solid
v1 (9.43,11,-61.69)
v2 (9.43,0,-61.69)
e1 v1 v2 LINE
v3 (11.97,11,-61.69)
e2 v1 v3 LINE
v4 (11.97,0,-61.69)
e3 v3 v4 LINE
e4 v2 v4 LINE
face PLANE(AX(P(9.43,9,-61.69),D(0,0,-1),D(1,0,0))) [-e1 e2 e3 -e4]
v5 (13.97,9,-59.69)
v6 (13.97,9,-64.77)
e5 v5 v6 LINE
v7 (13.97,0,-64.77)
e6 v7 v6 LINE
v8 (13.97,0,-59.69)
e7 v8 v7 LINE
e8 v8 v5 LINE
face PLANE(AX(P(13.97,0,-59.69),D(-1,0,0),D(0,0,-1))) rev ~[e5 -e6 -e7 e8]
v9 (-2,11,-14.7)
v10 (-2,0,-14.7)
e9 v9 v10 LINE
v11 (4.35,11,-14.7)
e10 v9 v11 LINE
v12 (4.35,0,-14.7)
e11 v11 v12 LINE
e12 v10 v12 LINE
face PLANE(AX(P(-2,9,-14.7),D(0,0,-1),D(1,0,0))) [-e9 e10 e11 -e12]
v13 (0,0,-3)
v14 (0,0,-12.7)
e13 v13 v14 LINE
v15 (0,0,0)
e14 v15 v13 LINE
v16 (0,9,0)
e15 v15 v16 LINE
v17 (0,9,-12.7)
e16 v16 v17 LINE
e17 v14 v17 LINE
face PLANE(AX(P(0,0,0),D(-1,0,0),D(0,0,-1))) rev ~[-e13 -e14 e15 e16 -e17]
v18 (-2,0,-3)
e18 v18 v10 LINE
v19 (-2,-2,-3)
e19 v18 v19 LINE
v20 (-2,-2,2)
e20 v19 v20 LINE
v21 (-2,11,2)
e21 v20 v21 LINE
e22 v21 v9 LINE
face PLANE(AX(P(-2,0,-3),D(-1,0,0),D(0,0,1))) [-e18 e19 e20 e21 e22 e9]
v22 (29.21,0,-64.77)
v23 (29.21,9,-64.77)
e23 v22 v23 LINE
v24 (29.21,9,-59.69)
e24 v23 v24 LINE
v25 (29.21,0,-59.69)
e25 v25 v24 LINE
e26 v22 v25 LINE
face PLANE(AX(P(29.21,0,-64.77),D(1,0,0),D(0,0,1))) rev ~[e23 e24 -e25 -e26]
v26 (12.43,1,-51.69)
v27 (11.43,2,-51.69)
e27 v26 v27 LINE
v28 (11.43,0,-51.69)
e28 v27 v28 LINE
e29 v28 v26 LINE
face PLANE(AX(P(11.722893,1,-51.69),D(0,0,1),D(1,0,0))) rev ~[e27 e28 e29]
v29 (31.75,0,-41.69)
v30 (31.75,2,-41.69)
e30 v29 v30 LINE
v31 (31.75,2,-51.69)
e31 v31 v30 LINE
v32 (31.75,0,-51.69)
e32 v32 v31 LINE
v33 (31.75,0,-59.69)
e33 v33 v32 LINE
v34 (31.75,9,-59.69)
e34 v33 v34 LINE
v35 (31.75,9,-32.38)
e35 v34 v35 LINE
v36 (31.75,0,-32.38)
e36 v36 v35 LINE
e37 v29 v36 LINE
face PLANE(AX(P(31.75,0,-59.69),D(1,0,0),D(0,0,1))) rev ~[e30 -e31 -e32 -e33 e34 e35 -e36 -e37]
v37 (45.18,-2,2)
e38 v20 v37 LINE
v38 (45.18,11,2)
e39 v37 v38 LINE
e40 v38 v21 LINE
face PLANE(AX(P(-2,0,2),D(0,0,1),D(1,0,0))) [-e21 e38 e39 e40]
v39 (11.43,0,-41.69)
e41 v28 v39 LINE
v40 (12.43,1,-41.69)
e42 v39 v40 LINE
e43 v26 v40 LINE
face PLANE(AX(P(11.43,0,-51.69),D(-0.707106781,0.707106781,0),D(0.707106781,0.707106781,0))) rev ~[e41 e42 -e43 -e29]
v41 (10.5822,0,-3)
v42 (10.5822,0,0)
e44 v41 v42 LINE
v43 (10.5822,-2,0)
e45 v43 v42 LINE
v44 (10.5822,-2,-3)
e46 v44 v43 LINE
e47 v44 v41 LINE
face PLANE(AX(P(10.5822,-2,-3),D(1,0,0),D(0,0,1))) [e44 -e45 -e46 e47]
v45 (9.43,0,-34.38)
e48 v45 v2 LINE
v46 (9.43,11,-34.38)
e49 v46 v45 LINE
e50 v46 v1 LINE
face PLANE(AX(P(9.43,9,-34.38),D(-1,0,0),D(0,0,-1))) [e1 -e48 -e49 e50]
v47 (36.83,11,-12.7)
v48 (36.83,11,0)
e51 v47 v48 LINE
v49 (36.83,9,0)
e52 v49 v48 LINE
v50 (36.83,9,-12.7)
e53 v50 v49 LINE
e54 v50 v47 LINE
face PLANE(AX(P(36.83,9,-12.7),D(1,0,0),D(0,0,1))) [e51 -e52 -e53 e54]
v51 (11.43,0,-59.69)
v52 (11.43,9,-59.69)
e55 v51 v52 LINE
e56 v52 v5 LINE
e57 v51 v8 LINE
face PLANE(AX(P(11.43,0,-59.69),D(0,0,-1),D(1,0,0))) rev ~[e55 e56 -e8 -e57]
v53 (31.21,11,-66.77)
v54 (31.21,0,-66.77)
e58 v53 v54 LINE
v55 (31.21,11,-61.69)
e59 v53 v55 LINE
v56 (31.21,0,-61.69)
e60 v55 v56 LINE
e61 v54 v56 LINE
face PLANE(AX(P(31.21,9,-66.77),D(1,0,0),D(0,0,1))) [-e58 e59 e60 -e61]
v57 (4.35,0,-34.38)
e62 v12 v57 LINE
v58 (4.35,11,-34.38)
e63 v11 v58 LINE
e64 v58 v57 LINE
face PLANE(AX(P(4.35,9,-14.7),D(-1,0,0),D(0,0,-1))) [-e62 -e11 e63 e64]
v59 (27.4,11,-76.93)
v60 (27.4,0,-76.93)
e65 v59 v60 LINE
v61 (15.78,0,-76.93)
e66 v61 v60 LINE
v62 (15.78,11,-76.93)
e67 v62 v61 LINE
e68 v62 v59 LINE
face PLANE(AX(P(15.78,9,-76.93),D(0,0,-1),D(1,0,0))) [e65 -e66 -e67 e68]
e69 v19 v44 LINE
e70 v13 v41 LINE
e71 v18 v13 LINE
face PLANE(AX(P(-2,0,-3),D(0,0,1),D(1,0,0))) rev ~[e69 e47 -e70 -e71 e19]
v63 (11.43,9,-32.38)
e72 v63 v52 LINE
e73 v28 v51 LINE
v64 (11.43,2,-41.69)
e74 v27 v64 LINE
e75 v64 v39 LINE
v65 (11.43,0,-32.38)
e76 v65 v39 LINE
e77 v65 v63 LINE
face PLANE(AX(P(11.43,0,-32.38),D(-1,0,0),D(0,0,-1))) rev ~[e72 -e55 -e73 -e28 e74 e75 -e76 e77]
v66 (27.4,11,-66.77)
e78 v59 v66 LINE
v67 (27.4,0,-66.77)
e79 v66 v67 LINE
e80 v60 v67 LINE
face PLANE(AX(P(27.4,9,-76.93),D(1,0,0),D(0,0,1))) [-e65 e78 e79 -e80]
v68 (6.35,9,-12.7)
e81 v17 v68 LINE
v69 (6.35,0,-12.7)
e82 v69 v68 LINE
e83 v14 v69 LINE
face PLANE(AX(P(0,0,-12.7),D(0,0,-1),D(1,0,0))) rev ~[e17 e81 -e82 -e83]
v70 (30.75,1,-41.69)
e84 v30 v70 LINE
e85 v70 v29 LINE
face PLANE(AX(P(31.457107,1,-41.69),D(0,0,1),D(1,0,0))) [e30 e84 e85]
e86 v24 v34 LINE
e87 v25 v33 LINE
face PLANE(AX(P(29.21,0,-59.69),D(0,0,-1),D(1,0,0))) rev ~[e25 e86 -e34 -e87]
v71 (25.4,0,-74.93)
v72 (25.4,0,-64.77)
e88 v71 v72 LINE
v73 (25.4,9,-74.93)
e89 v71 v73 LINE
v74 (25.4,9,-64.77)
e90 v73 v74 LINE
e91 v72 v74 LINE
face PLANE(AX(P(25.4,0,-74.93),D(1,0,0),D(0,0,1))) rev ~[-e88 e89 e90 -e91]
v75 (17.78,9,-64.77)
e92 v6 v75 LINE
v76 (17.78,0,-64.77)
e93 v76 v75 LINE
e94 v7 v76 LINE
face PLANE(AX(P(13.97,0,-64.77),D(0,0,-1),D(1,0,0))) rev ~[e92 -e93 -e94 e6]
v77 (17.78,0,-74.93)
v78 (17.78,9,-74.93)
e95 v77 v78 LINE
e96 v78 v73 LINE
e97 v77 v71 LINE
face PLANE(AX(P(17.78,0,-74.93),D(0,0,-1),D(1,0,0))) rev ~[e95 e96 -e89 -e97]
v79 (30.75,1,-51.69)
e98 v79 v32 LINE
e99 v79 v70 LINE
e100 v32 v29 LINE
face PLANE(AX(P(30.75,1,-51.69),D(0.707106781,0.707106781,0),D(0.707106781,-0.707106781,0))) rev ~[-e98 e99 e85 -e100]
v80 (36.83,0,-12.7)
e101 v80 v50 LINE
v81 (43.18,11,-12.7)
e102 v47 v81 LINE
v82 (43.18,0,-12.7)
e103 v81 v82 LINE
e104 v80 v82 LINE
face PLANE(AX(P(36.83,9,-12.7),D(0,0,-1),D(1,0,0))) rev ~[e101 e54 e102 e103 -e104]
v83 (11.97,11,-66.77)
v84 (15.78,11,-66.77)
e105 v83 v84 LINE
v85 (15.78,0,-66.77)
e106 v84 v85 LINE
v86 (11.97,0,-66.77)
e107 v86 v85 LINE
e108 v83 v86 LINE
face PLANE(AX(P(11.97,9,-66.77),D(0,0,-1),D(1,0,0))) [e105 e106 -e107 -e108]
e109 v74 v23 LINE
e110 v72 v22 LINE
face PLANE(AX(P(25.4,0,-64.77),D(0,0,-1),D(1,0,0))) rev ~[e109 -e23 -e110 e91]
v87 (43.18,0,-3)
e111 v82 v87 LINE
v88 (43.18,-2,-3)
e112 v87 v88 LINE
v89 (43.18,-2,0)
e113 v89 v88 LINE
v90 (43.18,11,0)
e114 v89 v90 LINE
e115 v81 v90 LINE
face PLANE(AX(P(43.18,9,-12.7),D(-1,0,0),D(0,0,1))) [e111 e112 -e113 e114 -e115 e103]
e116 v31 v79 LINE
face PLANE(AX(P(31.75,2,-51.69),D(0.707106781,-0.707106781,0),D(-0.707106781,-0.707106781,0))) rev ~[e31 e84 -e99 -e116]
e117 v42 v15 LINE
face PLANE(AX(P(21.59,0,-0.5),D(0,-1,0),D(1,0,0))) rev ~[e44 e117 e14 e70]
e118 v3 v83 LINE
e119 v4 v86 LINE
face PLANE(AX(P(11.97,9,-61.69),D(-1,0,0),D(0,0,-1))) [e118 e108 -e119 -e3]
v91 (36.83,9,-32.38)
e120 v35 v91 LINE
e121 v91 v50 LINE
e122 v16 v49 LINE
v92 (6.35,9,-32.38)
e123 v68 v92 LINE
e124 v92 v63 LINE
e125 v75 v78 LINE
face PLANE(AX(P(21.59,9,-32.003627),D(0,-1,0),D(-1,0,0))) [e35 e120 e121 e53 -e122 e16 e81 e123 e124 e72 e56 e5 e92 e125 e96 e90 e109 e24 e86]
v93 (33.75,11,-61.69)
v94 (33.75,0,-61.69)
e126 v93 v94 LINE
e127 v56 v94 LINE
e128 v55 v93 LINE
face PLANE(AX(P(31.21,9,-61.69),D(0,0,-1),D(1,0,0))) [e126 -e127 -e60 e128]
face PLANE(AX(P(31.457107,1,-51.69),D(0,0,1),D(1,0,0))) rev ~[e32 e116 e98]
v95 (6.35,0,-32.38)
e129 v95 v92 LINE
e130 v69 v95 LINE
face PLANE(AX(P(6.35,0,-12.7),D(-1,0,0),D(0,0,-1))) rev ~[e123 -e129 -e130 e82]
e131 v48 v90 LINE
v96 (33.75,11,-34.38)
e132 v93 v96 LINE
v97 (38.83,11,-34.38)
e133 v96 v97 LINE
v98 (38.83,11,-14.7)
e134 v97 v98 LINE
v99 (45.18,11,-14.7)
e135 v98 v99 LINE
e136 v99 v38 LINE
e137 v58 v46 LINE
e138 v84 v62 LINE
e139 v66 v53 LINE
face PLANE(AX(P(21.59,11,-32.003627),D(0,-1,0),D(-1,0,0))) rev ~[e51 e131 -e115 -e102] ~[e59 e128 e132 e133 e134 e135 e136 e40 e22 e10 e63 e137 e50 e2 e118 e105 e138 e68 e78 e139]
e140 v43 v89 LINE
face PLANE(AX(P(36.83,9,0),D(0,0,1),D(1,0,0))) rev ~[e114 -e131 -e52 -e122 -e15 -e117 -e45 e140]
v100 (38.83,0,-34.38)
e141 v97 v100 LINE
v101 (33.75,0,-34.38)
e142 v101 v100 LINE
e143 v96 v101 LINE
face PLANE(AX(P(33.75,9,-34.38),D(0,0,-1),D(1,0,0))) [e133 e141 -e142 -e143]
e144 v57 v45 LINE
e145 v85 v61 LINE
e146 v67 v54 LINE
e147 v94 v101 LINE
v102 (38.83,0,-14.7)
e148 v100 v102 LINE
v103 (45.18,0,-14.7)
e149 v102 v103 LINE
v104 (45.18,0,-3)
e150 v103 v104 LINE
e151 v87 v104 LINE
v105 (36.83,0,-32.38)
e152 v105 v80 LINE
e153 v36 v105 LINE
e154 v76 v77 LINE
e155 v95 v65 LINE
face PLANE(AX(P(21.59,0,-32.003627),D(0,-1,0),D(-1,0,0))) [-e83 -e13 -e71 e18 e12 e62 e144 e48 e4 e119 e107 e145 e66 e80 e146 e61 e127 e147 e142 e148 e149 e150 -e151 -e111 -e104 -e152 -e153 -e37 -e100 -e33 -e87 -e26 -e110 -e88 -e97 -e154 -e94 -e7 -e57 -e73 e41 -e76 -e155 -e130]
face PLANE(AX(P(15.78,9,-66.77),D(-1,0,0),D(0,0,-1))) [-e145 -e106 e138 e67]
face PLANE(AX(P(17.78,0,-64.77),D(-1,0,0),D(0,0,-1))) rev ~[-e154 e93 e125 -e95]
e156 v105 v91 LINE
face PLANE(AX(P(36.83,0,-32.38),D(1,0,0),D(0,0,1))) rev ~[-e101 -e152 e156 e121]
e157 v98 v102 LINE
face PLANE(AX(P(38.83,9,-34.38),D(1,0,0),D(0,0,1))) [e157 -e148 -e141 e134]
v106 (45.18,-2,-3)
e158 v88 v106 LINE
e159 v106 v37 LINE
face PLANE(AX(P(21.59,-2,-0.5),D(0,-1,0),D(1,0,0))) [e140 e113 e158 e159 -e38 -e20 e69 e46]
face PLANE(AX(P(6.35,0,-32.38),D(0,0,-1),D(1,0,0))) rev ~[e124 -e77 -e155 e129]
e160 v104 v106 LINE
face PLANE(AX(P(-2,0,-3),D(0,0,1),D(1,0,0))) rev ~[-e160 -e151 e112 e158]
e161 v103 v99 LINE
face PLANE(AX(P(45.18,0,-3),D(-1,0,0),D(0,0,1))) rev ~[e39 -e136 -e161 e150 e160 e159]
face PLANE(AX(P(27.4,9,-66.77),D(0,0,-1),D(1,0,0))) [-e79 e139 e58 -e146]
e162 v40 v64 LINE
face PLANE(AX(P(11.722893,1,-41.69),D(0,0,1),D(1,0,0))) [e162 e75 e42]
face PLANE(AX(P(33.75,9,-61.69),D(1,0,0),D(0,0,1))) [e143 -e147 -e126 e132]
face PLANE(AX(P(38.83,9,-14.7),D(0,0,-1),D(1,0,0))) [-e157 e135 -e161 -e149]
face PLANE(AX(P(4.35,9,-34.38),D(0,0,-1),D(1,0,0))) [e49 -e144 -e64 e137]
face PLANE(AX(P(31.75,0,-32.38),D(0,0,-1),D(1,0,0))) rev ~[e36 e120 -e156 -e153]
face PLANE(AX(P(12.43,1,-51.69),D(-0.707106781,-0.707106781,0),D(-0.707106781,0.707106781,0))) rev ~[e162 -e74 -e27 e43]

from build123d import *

# Parameters (mm, degrees)
BOSS_EXTRUDE2_DEPTH     = 9
BOSS_EXTRUDE3_DEPTH     = 2
SKETCH3_W               = 47.18
SKETCH3_H               = 5
BOSS_EXTRUDE4_DEPTH     = 2
SKETCH5_W               = 6.35
SKETCH5_H               = 12.7
CUT_EXTRUDE1_DEPTH      = 12
CUT_EXTRUDE1_DEPTH_BACK = 10
BOSS_EXTRUDE5_START     = 8
BOSS_EXTRUDE5_DEPTH     = 10
BOSS_EXTRUDE6_START     = 8
BOSS_EXTRUDE6_DEPTH     = 10
CUT_EXTRUDE2_DEPTH      = 8


with BuildPart() as part:
    # Sketch1 → Boss-Extrude2 (new body)
    with BuildSketch(Plane(origin=(0, 0, 0), x_dir=(1, 0, 0), z_dir=(0, 1, 0))):
        Polygon((9.43, 34.38), (9.43, 61.69), (11.97, 61.69), (11.97, 66.77), (15.78, 66.77), (15.78, 76.93), (27.4, 76.93), (27.4, 66.77), (31.21, 66.77), (31.21, 61.69), (33.75, 61.69), (33.75, 34.38), (38.83, 34.38), (38.83, 14.7), (45.18, 14.7), (45.18, -2), (-2, -2), (-2, 14.7), (4.35, 14.7), (4.35, 34.38), align=None)
        Polygon((0, 0), (0, 12.7), (6.35, 12.7), (6.35, 32.38), (11.43, 32.38), (11.43, 59.69), (13.97, 59.69), (13.97, 64.77), (17.78, 64.77), (17.78, 74.93), (25.4, 74.93), (25.4, 64.77), (29.21, 64.77), (29.21, 59.69), (31.75, 59.69), (31.75, 32.38), (36.83, 32.38), (36.83, 12.7), (43.18, 12.7), (43.18, 0), align=None, mode=Mode.SUBTRACT)
    extrude(amount=BOSS_EXTRUDE2_DEPTH)

    # Sketch2 → Boss-Extrude3 (add)
    with BuildSketch(Plane(origin=(0, 9, 0), x_dir=(1, 0, 0), z_dir=(0, 1, 0))):
        Polygon((-2, -2), (-2, 14.7), (4.35, 14.7), (4.35, 34.38), (9.43, 34.38), (9.43, 61.69), (11.97, 61.69), (11.97, 66.77), (15.78, 66.77), (15.78, 76.93), (27.4, 76.93), (27.4, 66.77), (31.21, 66.77), (31.21, 61.69), (33.75, 61.69), (33.75, 34.38), (38.83, 34.38), (38.83, 14.7), (45.18, 14.7), (45.18, -2), align=None)
    extrude(amount=BOSS_EXTRUDE3_DEPTH)

    # Sketch3 → Boss-Extrude4 (add)
    with BuildSketch(Plane.XZ):
        with Locations((21.59, -0.5)):
            Rectangle(SKETCH3_W, SKETCH3_H)
    extrude(amount=BOSS_EXTRUDE4_DEPTH)

    # Sketch5 → Cut-Extrude1 (cut, two sides)
    with BuildSketch(Plane.XZ.offset(-9)) as cut_extrude1_sk:
        with Locations((40.005, -6.35)):
            Rectangle(SKETCH5_W, SKETCH5_H)
    extrude(amount=CUT_EXTRUDE1_DEPTH, mode=Mode.SUBTRACT)
    extrude(cut_extrude1_sk.sketch, amount=-CUT_EXTRUDE1_DEPTH_BACK, mode=Mode.SUBTRACT)

    # Sketch8 → Boss-Extrude5 (add)
    with BuildSketch(Plane.XY.offset(-59.69).offset(BOSS_EXTRUDE5_START)):
        Polygon((11.43, 0), (12.43, 1), (11.43, 2), (11.43, 1), align=None)
    extrude(amount=BOSS_EXTRUDE5_DEPTH)

    # Sketch9 → Boss-Extrude6 (add)
    with BuildSketch(Plane.XY.offset(-59.69).offset(BOSS_EXTRUDE6_START)):
        Polygon((31.75, 0), (31.75, 1), (31.75, 2), (30.75, 1), align=None)
    extrude(amount=BOSS_EXTRUDE6_DEPTH)

    # Sketch10 → Cut-Extrude2 (cut)
    with BuildSketch(Plane.XZ.offset(2)):
        Polygon((31.270231455, -3), (10.582199871, -3), (10.582199871, 0), (31.270231455, 0), (42.389768545, 0), (42.389768545, -6), (31.270231455, -6), align=None)
    extrude(amount=-CUT_EXTRUDE2_DEPTH, mode=Mode.SUBTRACT)


solid = part.part
